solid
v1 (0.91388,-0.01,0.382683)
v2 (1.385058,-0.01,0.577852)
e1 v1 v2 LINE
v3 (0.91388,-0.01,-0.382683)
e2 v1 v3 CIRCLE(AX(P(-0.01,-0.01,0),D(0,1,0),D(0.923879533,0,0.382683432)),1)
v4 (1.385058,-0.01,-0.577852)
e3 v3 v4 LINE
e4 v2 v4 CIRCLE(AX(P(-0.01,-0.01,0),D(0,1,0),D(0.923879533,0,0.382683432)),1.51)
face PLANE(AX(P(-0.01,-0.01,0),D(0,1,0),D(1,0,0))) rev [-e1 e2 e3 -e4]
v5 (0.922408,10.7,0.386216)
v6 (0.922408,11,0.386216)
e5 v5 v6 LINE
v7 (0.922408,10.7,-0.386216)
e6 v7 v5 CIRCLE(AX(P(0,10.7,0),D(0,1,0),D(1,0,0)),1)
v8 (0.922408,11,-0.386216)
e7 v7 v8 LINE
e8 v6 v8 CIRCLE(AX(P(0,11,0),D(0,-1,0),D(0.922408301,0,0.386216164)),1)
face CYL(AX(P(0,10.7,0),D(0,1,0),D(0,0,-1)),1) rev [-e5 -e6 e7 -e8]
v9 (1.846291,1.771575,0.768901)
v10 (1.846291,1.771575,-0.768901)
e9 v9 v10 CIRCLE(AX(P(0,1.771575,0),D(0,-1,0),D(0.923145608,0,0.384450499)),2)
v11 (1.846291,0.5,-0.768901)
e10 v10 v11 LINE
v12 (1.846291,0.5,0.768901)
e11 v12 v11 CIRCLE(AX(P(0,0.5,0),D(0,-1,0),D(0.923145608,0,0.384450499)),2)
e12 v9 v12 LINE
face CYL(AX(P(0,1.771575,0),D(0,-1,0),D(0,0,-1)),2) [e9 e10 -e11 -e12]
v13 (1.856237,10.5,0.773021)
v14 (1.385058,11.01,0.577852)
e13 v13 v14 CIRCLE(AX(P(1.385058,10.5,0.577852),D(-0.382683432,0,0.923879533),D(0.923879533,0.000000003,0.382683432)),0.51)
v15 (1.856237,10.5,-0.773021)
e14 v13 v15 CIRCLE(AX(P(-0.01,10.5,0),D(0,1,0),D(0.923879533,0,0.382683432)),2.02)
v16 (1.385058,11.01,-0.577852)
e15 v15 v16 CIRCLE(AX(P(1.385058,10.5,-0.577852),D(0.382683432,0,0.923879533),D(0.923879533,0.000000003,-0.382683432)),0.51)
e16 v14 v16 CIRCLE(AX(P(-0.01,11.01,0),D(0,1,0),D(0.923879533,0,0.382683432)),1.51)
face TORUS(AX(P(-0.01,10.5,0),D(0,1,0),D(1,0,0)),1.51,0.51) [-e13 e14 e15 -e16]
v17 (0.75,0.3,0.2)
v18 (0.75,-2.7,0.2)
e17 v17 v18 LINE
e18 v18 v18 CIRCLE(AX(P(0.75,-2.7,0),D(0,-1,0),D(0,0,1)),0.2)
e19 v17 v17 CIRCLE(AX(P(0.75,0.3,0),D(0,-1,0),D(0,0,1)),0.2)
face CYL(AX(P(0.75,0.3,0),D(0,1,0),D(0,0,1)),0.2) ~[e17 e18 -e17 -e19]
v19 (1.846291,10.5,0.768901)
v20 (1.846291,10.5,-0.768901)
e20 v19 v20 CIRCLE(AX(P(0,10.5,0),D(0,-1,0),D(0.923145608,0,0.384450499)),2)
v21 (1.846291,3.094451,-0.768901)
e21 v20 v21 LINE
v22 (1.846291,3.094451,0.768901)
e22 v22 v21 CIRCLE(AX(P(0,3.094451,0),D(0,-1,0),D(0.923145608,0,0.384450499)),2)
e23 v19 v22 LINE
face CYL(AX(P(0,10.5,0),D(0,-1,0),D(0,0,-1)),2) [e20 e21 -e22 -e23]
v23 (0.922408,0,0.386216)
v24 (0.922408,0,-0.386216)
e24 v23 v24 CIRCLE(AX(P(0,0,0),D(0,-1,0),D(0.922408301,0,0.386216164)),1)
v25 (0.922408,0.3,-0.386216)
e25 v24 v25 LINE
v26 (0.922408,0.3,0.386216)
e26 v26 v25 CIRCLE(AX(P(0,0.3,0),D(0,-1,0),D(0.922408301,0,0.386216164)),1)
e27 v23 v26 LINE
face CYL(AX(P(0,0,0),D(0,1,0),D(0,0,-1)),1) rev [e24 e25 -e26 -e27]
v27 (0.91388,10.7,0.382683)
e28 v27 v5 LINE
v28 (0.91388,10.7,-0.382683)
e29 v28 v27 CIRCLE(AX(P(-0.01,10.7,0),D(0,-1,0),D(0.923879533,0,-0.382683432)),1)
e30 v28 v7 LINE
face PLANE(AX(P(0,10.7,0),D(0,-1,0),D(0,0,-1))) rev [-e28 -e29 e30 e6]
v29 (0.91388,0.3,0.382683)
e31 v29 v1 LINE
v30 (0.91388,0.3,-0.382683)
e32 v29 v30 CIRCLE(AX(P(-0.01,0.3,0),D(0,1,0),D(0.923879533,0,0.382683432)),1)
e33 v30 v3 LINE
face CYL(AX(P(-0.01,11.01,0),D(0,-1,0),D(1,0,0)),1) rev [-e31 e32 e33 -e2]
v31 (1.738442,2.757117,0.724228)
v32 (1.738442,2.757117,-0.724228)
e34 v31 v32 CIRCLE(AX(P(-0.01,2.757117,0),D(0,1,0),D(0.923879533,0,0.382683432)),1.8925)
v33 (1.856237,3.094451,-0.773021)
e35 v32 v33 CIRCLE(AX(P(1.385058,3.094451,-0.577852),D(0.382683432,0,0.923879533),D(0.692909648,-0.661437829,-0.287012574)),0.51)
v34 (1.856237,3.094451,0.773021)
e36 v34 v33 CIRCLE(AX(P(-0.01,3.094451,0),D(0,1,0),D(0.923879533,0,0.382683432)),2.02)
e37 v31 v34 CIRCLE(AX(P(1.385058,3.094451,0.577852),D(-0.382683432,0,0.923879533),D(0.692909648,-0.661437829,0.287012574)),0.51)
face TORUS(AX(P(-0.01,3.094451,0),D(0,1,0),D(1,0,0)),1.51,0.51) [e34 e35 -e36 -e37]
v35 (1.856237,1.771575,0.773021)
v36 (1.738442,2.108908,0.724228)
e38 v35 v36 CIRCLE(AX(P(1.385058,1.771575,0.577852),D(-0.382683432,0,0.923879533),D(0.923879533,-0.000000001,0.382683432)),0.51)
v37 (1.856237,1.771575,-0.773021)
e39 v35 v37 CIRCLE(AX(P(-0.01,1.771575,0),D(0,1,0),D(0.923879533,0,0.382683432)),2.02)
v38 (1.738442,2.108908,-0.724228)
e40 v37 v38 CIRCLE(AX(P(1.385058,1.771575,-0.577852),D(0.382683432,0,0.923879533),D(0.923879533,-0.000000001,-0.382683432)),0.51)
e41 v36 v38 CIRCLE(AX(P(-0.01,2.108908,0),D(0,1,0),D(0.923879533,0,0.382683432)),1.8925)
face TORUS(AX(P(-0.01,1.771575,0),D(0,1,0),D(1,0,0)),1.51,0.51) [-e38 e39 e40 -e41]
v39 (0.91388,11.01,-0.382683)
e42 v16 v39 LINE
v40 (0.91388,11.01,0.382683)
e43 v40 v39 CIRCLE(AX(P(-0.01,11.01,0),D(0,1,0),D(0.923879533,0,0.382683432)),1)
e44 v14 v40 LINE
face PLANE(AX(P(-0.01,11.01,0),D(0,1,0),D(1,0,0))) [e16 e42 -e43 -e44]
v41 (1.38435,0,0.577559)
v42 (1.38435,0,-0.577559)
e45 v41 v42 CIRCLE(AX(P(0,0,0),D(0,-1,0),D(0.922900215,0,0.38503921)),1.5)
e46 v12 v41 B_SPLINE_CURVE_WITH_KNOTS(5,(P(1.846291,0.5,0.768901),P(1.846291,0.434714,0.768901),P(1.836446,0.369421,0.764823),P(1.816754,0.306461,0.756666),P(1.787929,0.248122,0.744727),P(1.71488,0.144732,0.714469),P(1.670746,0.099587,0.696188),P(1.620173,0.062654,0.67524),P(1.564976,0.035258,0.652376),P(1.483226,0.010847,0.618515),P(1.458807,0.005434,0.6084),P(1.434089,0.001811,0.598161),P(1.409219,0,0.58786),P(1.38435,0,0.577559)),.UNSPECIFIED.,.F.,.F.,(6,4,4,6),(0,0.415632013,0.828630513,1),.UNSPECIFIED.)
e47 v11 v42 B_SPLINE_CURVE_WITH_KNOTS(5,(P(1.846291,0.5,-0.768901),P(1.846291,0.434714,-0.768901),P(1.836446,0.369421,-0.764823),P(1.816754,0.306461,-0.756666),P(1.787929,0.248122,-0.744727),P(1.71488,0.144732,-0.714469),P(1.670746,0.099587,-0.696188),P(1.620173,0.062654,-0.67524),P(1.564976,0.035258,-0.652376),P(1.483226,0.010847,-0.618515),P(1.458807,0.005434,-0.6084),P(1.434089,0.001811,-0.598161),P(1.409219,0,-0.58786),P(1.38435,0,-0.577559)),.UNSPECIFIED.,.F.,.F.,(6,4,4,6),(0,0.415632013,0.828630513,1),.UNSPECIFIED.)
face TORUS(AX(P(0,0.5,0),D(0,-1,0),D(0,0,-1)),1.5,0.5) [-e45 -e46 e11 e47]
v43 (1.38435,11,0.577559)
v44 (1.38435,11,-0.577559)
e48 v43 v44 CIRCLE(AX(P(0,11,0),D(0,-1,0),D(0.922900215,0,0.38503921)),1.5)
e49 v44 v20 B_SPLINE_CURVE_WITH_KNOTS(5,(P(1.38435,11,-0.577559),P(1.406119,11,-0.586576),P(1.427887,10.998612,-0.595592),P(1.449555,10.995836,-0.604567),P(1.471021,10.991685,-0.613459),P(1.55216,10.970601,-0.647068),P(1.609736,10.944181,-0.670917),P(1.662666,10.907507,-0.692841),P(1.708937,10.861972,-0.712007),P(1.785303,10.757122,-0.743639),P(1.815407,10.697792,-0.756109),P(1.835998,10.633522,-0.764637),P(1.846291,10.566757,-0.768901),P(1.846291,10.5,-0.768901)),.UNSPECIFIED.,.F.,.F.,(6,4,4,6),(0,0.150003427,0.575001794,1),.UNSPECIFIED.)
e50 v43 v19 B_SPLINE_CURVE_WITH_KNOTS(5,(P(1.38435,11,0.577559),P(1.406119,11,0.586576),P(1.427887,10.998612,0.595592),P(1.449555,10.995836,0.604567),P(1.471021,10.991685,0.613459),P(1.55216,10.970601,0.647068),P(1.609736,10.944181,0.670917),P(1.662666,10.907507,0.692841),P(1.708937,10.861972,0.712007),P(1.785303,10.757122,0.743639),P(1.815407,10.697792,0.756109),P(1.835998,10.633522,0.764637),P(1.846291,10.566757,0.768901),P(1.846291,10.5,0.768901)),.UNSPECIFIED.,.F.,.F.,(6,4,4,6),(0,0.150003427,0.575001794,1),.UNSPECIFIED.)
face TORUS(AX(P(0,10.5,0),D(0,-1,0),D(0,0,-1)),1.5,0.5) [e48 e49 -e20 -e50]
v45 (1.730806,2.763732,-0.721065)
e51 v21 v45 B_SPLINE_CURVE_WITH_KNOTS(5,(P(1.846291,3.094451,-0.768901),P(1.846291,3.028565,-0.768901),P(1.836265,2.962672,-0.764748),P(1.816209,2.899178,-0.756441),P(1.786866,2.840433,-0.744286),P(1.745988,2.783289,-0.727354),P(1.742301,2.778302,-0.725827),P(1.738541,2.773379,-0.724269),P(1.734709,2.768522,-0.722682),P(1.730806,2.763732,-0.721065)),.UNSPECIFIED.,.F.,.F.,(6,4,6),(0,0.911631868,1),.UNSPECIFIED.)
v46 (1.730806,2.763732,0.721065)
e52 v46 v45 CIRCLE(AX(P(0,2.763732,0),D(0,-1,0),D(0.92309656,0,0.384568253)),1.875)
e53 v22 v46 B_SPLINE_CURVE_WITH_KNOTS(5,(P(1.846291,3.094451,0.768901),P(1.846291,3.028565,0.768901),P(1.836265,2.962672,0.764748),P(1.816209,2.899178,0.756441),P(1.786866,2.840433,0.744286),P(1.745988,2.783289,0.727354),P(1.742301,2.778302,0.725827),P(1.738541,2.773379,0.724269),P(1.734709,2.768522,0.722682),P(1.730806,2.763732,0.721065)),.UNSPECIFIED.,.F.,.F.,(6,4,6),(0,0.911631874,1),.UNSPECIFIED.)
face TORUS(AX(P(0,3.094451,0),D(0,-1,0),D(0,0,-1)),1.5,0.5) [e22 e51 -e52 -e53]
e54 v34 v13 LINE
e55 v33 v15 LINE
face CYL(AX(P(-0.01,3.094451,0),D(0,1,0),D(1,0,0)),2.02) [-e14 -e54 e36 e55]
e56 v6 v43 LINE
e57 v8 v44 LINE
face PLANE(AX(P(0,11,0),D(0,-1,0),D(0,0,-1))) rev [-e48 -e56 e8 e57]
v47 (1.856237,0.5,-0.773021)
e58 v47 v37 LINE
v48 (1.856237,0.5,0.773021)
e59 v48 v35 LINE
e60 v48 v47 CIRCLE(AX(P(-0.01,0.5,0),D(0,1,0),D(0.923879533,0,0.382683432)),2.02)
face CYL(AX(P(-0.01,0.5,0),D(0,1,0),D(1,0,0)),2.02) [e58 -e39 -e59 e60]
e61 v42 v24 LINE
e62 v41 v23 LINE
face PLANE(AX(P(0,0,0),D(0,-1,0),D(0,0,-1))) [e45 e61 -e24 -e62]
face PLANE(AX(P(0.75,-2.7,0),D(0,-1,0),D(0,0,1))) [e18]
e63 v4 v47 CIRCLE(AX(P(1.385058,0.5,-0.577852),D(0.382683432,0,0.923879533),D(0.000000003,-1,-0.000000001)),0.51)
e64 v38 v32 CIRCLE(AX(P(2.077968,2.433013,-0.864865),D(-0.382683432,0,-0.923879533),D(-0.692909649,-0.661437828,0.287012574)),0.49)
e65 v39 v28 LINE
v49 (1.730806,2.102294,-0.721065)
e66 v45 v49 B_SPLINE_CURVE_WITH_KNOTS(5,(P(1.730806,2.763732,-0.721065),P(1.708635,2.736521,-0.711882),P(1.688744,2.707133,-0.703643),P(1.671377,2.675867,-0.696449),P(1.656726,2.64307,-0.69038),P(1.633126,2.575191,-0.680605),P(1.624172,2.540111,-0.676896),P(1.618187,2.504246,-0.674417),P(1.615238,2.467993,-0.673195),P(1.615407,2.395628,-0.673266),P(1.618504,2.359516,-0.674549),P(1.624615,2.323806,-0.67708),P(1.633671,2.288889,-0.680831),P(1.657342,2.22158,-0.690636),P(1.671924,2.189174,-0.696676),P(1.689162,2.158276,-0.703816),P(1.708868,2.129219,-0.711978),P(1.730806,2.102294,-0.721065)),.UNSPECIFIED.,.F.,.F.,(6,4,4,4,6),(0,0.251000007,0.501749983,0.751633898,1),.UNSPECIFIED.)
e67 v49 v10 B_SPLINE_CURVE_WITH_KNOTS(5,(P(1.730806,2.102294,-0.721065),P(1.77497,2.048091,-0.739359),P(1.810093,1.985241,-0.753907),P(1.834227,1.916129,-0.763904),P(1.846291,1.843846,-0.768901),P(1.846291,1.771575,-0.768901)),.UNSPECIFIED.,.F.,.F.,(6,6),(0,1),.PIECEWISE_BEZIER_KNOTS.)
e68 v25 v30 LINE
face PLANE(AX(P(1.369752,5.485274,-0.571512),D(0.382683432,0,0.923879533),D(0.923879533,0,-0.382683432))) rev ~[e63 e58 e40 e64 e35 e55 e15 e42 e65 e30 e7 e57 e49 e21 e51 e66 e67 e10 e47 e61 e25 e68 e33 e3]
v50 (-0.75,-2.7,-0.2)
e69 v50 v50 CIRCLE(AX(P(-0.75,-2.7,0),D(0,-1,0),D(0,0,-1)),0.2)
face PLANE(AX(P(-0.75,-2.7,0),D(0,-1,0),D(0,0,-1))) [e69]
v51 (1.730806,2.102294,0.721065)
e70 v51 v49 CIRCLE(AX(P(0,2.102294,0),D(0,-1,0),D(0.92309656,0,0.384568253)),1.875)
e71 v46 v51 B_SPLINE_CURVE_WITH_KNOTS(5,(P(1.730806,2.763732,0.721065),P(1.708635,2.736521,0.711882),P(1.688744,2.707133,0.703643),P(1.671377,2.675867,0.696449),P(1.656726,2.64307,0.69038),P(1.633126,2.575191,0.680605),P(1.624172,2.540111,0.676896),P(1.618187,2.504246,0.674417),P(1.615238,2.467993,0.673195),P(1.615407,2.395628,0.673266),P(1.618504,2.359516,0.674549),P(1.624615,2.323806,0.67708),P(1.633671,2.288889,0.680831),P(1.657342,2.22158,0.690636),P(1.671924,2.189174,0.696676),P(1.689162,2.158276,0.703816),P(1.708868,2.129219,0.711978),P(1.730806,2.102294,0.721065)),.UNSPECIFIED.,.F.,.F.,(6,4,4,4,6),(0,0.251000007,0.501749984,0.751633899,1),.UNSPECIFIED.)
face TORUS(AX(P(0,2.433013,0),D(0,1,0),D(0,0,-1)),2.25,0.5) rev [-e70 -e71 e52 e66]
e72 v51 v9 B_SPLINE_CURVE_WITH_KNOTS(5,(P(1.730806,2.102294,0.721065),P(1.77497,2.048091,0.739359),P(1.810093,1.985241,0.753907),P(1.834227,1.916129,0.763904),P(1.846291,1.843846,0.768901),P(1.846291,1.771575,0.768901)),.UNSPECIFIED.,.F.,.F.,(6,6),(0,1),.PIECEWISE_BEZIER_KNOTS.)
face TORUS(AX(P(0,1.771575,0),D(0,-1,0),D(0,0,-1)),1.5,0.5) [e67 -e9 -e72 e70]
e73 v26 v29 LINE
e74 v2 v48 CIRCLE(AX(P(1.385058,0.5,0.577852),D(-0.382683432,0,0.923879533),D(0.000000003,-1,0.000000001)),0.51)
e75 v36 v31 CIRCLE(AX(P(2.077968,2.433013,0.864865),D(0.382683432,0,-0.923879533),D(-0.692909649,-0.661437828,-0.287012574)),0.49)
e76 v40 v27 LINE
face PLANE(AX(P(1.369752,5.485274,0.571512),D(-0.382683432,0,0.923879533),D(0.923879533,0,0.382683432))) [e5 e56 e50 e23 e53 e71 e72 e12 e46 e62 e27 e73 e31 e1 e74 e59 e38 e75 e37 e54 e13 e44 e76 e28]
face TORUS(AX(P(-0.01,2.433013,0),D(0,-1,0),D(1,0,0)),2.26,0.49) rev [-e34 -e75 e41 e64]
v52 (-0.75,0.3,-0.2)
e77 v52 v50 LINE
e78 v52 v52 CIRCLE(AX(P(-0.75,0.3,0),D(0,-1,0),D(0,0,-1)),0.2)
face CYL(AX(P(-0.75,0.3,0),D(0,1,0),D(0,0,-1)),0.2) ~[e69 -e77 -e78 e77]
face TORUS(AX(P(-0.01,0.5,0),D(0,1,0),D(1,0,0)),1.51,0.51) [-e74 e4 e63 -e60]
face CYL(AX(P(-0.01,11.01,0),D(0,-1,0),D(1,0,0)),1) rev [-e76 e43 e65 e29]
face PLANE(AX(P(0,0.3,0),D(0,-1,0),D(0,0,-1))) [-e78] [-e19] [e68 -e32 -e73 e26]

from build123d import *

# Parameters (mm, degrees)
SKETCH2_R      = 0.2
EXTRUDE1_DEPTH = 3
REVOLVE2_ANGLE = 45


with BuildPart() as part:
    # Sketch1 → Revolve1 (revolve)
    with BuildSketch(Plane.XY, mode=Mode.PRIVATE) as revolve1_sk:
        with BuildLine():
            Line((0, 0.3), (0, 10.7))
            Line((0, 10.7), (1, 10.7))
            Line((1, 10.7), (1, 11))
            Line((1, 11), (1.5, 11))
            ThreePointArc((1.5, 11), (1.853553391, 10.853553391), (2, 10.5))
            Line((2, 10.5), (2, 3.09445053))
            ThreePointArc((2, 3.09445053), (1.967707173, 2.917673834), (1.875, 2.763731616))
            ThreePointArc((1.875, 2.763731616), (1.75, 2.433012702), (1.875, 2.102293788))
            ThreePointArc((1.875, 2.102293788), (1.967707173, 1.948351569), (2, 1.771574874))
            Line((2, 1.771574874), (2, 0.5))
            ThreePointArc((2, 0.5), (1.853553391, 0.146446609), (1.5, 0))
            Line((1.5, 0), (1, 0))
            Line((1, 0), (1, 0.3))
            Line((1, 0.3), (0, 0.3))
        make_face()
    revolve(revolve1_sk.sketch.rotate(Axis((0, 0, 0), (0, -1, 0)), 270), axis=Axis((0, 0, 0), (0, -1, 0)))

    # Sketch2 → Extrude1 (add)
    with BuildSketch(Plane.XZ.offset(-0.3)):
        with Locations(Location((-0.75, 0, 0), (0, 0, 270))):
            Circle(SKETCH2_R)
        with Locations(Location((0.75, 0, 0), (0, 0, 90))):
            Circle(SKETCH2_R)
    extrude(amount=EXTRUDE1_DEPTH)

    # Sketch3 → Revolve2 (revolve, symmetric)
    with BuildSketch(Plane.XY) as revolve2_sk:
        with BuildLine():
            Line((0.99, 11.01), (0.99, -0.01))
            Line((0.99, -0.01), (1.5, -0.01))
            ThreePointArc((1.5, -0.01), (1.860624458, 0.139375542), (2.01, 0.5))
            Line((2.01, 0.5), (2.01, 1.771574874))
            ThreePointArc((2.01, 1.771574874), (1.977061317, 1.951887103), (1.8825, 2.108908166))
            ThreePointArc((1.8825, 2.108908166), (1.76, 2.433012702), (1.8825, 2.757117237))
            ThreePointArc((1.8825, 2.757117237), (1.977061317, 2.9141383), (2.01, 3.09445053))
            Line((2.01, 3.09445053), (2.01, 10.5))
            ThreePointArc((2.01, 10.5), (1.860624458, 10.860624458), (1.5, 11.01))
            Line((1.5, 11.01), (0.99, 11.01))
        make_face()
    revolve(axis=Axis((-0.01, 10.71, 0), (0, -1, 0)), revolution_arc=REVOLVE2_ANGLE / 2)
    revolve(revolve2_sk.sketch, axis=Axis((-0.01, 10.71, 0), (0, 1, 0)), revolution_arc=REVOLVE2_ANGLE / 2)


solid = part.part
